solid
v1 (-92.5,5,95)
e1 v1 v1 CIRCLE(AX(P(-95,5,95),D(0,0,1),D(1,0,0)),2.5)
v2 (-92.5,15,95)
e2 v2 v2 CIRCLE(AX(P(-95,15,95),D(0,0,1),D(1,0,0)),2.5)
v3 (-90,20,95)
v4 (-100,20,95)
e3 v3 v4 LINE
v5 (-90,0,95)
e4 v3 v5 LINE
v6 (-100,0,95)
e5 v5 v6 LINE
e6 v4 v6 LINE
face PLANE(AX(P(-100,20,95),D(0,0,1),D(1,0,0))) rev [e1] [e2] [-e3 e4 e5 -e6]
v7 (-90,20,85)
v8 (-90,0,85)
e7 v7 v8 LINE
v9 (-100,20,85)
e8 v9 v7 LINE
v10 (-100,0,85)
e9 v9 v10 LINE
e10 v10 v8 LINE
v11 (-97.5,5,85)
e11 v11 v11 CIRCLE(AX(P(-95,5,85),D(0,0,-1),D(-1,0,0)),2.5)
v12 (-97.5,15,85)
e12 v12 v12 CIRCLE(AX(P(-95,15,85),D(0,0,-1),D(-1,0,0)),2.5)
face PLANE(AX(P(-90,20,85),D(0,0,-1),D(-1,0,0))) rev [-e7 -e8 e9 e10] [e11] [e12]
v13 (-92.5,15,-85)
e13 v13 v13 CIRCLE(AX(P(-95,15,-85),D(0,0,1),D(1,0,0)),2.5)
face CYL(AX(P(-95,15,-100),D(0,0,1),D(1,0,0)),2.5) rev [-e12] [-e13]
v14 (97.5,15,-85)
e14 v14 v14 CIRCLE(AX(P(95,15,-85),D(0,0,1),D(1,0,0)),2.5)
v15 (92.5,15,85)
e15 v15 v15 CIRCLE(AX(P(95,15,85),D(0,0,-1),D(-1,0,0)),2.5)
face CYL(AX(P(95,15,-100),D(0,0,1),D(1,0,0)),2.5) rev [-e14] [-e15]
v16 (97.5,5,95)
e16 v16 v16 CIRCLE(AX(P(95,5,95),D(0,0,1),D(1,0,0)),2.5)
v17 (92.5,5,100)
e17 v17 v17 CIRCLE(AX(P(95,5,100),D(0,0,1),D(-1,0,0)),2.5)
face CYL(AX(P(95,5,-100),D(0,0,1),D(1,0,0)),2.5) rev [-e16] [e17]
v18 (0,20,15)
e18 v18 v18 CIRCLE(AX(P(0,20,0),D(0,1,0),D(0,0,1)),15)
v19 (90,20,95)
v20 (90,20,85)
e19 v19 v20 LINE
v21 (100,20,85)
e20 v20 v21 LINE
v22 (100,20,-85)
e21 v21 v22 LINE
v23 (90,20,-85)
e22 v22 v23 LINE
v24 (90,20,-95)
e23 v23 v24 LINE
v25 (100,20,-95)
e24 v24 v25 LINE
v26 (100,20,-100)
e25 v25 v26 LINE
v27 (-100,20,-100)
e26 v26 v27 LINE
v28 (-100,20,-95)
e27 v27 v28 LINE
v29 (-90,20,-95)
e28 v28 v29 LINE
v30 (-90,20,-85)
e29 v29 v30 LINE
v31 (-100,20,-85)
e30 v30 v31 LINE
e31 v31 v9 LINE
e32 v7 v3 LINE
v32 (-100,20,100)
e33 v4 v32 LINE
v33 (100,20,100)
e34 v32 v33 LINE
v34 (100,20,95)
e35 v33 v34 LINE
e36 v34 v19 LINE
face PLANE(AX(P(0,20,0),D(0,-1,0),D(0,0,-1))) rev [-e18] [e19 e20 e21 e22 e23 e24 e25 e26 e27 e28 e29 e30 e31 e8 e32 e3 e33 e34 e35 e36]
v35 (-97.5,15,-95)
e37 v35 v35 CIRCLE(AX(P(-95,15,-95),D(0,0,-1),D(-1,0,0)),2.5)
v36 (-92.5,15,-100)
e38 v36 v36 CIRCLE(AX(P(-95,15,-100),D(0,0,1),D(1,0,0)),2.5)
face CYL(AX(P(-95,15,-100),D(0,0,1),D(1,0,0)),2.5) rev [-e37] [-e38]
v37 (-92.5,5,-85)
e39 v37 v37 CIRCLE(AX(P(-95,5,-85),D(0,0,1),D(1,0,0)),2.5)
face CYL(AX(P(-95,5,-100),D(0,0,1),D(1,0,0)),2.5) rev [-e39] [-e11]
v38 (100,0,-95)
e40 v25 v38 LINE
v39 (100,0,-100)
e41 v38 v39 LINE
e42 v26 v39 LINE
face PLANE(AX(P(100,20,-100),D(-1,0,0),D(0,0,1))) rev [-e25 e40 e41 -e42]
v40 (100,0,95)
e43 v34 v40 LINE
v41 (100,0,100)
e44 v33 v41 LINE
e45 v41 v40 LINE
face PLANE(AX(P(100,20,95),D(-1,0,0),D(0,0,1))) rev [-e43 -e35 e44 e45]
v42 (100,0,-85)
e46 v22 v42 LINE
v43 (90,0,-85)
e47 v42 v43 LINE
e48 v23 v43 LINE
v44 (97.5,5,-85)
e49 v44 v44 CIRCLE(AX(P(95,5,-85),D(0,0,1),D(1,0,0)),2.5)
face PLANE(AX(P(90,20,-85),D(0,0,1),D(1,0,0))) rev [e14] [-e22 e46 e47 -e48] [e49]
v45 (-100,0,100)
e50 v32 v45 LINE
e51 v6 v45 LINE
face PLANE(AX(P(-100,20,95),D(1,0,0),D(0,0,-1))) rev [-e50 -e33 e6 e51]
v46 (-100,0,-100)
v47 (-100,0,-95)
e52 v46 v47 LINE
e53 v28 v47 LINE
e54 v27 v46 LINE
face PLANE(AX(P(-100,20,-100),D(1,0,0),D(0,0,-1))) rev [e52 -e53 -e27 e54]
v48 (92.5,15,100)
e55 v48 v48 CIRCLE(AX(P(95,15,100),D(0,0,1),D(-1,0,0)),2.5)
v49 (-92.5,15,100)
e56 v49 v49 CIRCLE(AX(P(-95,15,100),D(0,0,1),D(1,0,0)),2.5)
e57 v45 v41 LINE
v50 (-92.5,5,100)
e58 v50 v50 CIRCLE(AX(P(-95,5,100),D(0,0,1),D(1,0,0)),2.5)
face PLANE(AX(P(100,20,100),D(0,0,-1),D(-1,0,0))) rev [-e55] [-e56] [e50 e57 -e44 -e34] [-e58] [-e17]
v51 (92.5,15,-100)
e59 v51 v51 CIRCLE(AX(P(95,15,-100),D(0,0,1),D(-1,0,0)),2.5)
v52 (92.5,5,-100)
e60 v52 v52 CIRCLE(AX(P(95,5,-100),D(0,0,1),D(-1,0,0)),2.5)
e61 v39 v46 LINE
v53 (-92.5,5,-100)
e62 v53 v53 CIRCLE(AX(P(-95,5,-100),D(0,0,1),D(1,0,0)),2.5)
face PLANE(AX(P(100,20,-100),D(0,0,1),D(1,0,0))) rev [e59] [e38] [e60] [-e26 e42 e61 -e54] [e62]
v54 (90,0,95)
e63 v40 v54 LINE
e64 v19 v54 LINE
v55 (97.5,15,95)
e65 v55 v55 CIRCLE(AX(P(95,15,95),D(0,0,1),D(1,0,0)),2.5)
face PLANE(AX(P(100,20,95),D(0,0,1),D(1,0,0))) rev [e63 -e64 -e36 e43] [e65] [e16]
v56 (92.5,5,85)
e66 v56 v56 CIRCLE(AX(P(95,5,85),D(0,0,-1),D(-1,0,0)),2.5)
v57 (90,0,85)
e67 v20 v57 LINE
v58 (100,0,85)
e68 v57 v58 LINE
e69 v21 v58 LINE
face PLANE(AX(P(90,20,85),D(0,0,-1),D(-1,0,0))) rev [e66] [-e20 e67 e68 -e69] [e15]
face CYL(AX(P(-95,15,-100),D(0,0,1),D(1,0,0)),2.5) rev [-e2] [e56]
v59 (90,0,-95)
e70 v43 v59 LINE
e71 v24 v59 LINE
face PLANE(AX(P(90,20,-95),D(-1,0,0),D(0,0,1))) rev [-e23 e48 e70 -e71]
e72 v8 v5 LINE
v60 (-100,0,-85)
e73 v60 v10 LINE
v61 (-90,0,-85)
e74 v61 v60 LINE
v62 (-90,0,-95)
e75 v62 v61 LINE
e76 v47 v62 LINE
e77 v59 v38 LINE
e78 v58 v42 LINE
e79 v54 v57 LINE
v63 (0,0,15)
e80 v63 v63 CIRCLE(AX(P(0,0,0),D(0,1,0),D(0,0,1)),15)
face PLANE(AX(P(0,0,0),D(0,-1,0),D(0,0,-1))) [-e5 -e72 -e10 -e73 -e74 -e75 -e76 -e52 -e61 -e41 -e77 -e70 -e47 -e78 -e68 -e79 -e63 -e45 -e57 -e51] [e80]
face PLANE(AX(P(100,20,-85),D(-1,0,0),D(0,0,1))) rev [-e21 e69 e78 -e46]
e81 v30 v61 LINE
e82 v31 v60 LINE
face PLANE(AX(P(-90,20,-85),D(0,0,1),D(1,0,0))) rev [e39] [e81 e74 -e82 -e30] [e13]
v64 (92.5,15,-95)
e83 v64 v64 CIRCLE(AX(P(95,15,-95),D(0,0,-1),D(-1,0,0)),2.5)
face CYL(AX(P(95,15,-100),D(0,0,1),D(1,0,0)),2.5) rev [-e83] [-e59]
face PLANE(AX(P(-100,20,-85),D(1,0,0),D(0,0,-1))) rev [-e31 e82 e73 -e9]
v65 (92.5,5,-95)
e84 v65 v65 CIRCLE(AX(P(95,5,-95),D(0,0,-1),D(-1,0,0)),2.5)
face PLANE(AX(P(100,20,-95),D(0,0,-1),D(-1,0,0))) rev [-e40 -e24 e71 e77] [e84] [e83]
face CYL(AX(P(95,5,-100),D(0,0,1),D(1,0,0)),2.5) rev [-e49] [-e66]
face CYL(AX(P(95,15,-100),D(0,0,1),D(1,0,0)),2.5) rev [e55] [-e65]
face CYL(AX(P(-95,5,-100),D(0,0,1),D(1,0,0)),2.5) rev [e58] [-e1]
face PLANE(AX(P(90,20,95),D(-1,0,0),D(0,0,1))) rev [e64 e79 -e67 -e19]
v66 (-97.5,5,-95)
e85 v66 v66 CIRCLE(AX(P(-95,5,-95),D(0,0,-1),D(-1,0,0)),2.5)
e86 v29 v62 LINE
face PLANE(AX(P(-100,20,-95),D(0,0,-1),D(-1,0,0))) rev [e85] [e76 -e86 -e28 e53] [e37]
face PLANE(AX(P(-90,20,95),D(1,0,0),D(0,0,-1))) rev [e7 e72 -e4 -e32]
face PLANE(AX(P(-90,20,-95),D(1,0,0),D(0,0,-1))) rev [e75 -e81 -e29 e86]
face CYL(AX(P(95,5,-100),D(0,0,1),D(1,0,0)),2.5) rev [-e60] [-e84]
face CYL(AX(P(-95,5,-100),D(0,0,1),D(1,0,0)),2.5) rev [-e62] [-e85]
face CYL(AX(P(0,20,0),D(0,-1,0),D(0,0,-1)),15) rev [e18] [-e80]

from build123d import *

# Parameters (mm, degrees)
ESQUISSE1_R             = 15
BASE_DEPTH              = 20
ESQUISSE2_R             = 2.5
ENL_V_MAT_EXTRU_1_DEPTH = 225.499443206


with BuildPart() as part:
    # Esquisse1 → BASE (new body)
    with BuildSketch(Plane(origin=(0, 0, 0), x_dir=(1, 0, 0), z_dir=(0, 1, 0))):
        Polygon((-100, 95), (-90, 95), (-90, 85), (-100, 85), (-100, -85), (-90, -85), (-90, -95), (-100, -95), (-100, -100), (100, -100), (100, -95), (90, -95), (90, -85), (100, -85), (100, 85), (90, 85), (90, 95), (100, 95), (100, 100), (-100, 100), align=None)
        with Locations(Location((0, 0, 0), (0, 0, 270))):
            Circle(ESQUISSE1_R, mode=Mode.SUBTRACT)
    extrude(amount=BASE_DEPTH)

    # Esquisse2 → Enlèv. mat.-Extru.1 (cut, through all)
    with BuildSketch(Plane.XY.offset(100)):
        with Locations((-95, 15)):
            Circle(ESQUISSE2_R)
        with Locations((-95, 5)):
            Circle(ESQUISSE2_R)
        with Locations(Location((95, 5, 0), (0, 0, 180))):
            Circle(ESQUISSE2_R)
        with Locations(Location((95, 15, 0), (0, 0, 180))):
            Circle(ESQUISSE2_R)
    extrude(amount=-ENL_V_MAT_EXTRU_1_DEPTH, mode=Mode.SUBTRACT)


solid = part.part
